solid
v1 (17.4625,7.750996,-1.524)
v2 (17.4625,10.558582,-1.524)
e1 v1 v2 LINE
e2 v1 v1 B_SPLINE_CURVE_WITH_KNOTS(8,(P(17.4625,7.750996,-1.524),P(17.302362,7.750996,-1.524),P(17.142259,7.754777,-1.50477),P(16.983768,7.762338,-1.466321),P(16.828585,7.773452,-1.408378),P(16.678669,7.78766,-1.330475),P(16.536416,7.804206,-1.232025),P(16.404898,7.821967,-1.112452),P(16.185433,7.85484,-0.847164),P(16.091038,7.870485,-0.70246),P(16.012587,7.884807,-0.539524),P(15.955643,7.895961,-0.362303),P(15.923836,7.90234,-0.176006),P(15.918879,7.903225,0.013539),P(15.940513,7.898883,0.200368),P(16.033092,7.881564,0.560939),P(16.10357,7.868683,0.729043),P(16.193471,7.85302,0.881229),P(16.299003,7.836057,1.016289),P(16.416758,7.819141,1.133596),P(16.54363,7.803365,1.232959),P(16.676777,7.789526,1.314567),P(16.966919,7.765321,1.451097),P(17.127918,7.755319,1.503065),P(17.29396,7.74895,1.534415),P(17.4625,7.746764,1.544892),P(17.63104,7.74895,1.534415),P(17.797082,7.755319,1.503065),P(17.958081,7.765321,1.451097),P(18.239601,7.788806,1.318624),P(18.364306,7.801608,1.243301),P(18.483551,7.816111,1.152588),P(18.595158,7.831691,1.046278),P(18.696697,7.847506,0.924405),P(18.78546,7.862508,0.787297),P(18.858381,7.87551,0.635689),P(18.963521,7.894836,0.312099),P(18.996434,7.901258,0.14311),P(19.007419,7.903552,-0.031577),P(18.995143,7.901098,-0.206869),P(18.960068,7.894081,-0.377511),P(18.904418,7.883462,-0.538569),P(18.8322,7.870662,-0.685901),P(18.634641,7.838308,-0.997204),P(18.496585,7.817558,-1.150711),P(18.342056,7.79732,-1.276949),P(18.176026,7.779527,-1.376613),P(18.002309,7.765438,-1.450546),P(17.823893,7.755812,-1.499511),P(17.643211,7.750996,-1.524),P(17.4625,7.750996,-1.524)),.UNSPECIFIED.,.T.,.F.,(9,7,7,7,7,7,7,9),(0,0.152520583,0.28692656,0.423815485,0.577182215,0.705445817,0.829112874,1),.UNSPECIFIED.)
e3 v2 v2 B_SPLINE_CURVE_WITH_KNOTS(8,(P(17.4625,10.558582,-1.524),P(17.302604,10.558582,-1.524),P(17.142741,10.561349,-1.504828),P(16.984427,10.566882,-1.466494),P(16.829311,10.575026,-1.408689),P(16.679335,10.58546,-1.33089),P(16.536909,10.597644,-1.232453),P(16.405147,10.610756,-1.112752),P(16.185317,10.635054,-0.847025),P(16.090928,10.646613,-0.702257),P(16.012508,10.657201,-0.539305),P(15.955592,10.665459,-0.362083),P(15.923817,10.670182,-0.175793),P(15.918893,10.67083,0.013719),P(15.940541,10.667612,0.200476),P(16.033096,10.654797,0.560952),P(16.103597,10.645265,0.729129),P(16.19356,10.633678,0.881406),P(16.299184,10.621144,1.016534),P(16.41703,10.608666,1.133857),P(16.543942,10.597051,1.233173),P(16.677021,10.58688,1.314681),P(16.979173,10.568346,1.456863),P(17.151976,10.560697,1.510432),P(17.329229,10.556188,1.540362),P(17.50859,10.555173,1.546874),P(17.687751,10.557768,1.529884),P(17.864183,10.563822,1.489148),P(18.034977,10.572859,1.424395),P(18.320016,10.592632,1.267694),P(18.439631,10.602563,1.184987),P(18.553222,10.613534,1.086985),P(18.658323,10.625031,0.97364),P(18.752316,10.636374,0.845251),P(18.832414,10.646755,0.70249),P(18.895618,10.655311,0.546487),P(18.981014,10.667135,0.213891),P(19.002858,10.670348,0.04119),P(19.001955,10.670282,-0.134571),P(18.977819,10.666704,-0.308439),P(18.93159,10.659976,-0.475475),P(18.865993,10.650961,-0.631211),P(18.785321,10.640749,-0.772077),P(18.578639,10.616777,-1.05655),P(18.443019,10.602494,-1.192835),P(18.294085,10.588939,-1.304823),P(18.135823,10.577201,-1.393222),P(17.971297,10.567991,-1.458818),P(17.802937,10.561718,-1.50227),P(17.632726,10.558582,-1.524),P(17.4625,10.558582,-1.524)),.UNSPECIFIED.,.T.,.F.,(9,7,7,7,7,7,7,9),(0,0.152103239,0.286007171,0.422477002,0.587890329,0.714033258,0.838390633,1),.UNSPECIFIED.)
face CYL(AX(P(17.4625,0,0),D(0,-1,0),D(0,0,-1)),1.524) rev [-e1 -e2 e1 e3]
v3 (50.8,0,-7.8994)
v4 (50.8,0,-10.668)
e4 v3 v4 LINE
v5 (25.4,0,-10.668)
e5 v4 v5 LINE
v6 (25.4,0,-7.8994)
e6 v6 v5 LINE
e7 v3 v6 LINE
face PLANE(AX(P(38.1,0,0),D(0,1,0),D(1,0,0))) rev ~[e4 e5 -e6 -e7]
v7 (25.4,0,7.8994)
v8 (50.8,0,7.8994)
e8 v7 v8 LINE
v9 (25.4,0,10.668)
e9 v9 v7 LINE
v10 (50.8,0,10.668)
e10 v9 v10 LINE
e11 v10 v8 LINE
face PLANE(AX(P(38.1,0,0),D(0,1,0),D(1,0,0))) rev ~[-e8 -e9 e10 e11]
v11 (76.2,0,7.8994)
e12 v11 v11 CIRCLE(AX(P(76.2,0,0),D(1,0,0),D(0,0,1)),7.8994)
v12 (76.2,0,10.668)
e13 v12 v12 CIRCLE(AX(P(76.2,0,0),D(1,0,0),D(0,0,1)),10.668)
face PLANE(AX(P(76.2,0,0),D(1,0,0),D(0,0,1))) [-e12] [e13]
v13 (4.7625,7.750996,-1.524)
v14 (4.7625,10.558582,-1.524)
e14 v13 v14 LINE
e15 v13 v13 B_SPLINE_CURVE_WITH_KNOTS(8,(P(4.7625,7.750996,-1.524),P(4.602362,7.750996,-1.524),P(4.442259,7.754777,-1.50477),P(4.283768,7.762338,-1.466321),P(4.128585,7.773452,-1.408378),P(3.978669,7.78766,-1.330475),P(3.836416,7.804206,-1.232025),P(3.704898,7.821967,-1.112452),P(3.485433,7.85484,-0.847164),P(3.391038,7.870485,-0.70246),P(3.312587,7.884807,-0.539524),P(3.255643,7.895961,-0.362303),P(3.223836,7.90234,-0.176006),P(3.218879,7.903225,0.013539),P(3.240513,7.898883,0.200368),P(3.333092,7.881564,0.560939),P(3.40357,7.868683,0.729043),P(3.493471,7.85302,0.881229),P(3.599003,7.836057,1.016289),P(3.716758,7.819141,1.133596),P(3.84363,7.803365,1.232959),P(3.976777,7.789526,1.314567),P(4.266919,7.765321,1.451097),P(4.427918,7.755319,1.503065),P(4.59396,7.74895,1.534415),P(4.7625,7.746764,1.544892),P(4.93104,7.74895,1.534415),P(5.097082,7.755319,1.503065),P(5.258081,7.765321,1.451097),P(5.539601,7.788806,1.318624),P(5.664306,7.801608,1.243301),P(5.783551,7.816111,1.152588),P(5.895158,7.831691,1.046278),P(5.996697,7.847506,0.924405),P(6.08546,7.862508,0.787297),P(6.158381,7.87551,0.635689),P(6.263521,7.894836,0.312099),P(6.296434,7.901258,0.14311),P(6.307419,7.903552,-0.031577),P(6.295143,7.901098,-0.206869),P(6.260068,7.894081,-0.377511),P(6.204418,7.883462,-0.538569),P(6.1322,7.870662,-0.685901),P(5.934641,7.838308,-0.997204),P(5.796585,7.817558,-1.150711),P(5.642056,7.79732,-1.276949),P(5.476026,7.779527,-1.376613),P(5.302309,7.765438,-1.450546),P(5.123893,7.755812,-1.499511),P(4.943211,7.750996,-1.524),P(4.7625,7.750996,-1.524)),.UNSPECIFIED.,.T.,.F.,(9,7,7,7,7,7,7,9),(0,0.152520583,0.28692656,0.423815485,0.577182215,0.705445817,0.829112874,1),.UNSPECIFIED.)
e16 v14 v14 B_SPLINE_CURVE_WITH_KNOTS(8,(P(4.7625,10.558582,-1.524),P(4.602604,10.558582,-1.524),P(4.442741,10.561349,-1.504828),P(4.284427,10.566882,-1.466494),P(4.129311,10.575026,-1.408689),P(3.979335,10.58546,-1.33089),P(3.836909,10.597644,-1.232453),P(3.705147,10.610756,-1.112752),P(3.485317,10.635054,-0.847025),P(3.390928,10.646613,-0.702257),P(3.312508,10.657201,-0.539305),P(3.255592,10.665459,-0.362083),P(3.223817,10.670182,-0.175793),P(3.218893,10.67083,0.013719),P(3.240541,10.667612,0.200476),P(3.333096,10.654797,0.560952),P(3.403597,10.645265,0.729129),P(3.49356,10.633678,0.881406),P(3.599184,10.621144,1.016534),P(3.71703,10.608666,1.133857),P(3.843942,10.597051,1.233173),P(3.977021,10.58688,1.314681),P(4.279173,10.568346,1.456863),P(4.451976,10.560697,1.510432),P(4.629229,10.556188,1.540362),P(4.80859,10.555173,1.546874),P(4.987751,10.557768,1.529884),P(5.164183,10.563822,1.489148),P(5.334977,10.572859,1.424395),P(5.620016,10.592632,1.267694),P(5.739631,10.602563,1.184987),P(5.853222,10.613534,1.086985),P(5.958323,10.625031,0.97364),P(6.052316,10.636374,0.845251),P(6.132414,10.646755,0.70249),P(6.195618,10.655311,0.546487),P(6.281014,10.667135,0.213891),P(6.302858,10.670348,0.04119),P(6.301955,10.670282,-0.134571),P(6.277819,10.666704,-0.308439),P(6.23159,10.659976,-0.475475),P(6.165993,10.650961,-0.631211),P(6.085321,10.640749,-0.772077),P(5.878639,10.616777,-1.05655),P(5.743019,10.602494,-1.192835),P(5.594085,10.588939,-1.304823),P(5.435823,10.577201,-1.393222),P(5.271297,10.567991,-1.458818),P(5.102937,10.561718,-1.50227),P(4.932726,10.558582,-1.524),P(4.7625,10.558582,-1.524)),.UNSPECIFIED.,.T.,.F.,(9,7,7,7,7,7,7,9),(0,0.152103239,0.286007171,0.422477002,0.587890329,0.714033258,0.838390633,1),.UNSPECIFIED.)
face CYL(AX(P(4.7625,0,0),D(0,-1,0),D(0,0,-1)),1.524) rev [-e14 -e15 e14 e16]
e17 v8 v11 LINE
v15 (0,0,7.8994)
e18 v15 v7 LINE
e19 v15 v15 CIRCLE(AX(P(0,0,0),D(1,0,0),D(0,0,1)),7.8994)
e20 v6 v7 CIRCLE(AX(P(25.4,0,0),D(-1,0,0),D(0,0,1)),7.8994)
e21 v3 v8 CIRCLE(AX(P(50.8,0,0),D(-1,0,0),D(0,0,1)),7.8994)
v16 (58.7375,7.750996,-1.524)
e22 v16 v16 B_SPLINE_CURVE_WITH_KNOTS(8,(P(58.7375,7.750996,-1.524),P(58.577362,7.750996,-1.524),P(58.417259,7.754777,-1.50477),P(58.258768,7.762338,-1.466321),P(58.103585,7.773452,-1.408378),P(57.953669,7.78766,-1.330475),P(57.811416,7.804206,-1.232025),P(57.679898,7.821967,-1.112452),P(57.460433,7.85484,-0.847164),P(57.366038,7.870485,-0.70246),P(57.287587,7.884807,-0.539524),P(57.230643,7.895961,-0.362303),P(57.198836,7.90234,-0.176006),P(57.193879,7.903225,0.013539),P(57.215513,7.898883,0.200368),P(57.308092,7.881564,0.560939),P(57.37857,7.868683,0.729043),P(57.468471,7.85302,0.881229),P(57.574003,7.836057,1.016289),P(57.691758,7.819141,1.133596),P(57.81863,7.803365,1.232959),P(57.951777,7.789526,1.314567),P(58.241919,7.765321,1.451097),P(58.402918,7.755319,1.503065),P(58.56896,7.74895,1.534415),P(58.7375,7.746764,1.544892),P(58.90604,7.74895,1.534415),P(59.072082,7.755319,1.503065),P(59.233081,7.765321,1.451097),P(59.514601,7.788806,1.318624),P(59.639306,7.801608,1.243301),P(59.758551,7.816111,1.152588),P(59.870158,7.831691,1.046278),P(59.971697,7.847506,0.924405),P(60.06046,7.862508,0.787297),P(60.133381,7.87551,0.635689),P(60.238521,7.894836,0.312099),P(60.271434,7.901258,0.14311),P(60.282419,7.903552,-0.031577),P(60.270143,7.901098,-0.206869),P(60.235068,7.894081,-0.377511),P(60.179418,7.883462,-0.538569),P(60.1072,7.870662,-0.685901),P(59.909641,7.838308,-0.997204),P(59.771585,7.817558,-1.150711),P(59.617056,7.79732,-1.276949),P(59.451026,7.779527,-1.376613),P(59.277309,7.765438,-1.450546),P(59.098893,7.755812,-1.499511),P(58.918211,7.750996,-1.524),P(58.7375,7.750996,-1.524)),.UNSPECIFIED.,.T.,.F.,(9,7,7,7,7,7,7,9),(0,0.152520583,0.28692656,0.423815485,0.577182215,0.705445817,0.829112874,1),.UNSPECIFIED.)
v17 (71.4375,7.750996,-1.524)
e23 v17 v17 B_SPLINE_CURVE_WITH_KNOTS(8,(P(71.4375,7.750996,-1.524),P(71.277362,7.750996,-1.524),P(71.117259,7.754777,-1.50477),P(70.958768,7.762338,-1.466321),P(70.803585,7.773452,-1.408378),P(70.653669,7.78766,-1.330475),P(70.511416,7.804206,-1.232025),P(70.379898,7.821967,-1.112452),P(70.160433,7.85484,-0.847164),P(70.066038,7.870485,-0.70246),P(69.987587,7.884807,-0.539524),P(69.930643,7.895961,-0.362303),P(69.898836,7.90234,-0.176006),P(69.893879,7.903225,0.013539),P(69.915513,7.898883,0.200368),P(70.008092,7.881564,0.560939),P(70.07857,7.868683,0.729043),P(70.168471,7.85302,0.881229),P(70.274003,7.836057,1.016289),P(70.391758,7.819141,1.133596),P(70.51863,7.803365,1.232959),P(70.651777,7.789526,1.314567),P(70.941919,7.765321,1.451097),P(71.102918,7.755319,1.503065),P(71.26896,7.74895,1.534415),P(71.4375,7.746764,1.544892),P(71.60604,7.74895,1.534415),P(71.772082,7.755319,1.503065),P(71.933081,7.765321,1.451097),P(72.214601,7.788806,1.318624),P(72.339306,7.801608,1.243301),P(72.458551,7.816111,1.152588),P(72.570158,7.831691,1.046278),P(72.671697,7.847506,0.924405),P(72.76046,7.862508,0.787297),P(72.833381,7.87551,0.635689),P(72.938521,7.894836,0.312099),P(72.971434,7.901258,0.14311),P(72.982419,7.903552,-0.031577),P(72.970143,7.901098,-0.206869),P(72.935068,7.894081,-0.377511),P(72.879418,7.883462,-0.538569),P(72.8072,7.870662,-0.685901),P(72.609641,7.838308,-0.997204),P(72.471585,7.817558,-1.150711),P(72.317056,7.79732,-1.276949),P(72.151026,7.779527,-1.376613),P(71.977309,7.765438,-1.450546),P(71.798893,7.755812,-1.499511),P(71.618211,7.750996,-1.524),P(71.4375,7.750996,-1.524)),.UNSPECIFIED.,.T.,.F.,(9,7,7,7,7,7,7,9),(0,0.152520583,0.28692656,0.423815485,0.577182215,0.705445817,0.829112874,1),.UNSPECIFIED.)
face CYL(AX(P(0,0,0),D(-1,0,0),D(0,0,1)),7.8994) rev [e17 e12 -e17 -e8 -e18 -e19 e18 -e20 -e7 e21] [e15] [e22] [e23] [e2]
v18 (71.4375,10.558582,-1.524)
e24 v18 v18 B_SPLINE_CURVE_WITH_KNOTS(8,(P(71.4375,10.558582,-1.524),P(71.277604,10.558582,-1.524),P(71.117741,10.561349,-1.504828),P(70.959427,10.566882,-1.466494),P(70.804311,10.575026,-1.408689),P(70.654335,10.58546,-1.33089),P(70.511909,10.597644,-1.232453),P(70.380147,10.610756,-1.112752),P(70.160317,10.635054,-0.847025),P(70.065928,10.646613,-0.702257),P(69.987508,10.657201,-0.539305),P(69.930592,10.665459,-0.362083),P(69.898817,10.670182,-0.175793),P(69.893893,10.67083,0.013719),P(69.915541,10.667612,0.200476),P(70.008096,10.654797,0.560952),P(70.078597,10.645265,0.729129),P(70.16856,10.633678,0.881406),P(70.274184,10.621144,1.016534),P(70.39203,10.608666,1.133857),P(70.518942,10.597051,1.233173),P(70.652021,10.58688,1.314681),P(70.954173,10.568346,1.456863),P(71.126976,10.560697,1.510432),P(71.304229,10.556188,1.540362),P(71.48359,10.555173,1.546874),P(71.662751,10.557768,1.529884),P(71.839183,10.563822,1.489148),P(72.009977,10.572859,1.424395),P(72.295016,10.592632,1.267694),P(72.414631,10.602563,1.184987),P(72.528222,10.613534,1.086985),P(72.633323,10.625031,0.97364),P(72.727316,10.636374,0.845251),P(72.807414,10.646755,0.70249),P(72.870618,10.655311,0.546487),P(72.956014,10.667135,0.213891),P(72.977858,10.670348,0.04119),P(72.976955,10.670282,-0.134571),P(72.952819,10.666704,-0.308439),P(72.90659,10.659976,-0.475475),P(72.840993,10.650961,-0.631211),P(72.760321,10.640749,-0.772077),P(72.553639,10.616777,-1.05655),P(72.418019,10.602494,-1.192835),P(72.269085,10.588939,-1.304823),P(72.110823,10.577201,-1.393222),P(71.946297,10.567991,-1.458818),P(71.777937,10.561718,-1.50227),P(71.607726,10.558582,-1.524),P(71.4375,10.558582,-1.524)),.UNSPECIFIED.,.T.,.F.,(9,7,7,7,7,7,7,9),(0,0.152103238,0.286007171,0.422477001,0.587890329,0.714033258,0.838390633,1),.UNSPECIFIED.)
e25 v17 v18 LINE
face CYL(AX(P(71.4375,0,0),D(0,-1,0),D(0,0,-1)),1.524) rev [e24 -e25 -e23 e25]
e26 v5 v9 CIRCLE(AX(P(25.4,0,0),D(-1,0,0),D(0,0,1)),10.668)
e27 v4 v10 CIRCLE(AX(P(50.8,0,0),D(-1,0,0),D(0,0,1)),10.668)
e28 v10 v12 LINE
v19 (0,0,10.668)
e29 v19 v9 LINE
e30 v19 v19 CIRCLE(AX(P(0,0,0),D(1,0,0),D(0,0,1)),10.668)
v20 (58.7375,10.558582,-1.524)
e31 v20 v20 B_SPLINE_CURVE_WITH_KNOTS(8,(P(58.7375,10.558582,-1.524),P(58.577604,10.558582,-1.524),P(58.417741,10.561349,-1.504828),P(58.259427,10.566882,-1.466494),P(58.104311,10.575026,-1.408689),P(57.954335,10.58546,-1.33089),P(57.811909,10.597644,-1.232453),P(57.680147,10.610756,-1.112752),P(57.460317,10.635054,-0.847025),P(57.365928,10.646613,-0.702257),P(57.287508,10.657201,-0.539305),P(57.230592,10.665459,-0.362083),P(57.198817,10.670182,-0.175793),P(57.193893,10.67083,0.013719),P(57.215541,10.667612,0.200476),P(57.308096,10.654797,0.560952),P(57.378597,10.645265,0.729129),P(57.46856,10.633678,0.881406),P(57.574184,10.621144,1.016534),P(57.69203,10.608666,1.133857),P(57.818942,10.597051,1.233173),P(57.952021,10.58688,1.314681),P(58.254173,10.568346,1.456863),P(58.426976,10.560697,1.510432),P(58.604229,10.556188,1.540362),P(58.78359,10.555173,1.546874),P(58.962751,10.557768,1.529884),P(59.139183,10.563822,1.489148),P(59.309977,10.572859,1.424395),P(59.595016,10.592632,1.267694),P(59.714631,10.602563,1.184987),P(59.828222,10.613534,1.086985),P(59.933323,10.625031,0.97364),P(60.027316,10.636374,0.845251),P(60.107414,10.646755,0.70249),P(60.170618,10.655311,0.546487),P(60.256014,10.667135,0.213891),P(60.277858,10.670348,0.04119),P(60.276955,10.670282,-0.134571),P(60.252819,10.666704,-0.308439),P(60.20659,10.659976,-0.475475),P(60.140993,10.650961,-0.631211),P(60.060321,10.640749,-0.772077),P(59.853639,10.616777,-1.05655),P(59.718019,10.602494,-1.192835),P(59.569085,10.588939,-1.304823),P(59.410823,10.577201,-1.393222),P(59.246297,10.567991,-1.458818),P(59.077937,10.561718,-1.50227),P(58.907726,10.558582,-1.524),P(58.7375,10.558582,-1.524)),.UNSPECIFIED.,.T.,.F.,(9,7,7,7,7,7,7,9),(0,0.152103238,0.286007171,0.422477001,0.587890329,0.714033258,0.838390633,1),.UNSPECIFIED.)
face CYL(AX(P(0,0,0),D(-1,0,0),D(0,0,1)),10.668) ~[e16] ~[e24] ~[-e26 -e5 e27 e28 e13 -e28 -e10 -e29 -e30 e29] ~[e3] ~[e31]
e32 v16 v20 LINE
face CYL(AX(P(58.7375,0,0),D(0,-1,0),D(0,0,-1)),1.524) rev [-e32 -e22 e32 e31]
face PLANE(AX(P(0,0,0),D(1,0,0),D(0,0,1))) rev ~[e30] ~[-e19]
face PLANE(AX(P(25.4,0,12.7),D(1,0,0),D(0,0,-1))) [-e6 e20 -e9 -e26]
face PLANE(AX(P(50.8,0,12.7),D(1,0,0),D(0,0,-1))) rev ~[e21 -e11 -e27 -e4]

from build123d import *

# Parameters (mm, degrees)
SKETCH1_R               = 10.668
SKETCH1_R_2             = 7.8994
MAINBODY_DEPTH          = 76.2
COAXENTRY_REACH         = 79.679
SKETCH2_W               = 25.4
SKETCH2_H               = 25.4
SKETCH3_R               = 1.524
ANTENNAMOUNTHOLES_DEPTH = 78.679163538


with BuildPart() as part:
    # Sketch1 → MainBody (new body)
    with BuildSketch(Plane(origin=(0, 0, 0), x_dir=(0, 0, -1), z_dir=(1, 0, 0))):
        with Locations(Location((0, 0, 0), (0, 0, 180))):
            Circle(SKETCH1_R)
        with Locations(Location((0, 0, 0), (0, 0, 180))):
            Circle(SKETCH1_R_2, mode=Mode.SUBTRACT)
    extrude(amount=MAINBODY_DEPTH)

    # Sketch2 → CoaxEntry (cut, up to next)
    with BuildSketch(Plane(origin=(0, 0, 0), x_dir=(1, 0, 0), z_dir=(0, 1, 0)), mode=Mode.PRIVATE) as coaxentry_sk1:
        with Locations((38.1, 0)):
            Rectangle(SKETCH2_W, SKETCH2_H)
    coaxentry_tool1 = extrude(coaxentry_sk1.sketch, amount=-COAXENTRY_REACH, mode=Mode.PRIVATE) & part.part
    add(coaxentry_tool1.solids().sort_by_distance((38.1, 0, 0))[0], mode=Mode.SUBTRACT)

    # Sketch3 → AntennaMountHoles (cut, through all)
    with BuildSketch(Plane(origin=(0, 0, 0), x_dir=(1, 0, 0), z_dir=(0, 1, 0))):
        with Locations(Location((4.7625, 0, 0), (0, 0, 90))):
            Circle(SKETCH3_R)
        with Locations(Location((17.4625, 0, 0), (0, 0, 90))):
            Circle(SKETCH3_R)
        with Locations(Location((71.4375, 0, 0), (0, 0, 90))):
            Circle(SKETCH3_R)
        with Locations(Location((58.7375, 0, 0), (0, 0, 90))):
            Circle(SKETCH3_R)
    extrude(amount=ANTENNAMOUNTHOLES_DEPTH, mode=Mode.SUBTRACT)


solid = part.part
